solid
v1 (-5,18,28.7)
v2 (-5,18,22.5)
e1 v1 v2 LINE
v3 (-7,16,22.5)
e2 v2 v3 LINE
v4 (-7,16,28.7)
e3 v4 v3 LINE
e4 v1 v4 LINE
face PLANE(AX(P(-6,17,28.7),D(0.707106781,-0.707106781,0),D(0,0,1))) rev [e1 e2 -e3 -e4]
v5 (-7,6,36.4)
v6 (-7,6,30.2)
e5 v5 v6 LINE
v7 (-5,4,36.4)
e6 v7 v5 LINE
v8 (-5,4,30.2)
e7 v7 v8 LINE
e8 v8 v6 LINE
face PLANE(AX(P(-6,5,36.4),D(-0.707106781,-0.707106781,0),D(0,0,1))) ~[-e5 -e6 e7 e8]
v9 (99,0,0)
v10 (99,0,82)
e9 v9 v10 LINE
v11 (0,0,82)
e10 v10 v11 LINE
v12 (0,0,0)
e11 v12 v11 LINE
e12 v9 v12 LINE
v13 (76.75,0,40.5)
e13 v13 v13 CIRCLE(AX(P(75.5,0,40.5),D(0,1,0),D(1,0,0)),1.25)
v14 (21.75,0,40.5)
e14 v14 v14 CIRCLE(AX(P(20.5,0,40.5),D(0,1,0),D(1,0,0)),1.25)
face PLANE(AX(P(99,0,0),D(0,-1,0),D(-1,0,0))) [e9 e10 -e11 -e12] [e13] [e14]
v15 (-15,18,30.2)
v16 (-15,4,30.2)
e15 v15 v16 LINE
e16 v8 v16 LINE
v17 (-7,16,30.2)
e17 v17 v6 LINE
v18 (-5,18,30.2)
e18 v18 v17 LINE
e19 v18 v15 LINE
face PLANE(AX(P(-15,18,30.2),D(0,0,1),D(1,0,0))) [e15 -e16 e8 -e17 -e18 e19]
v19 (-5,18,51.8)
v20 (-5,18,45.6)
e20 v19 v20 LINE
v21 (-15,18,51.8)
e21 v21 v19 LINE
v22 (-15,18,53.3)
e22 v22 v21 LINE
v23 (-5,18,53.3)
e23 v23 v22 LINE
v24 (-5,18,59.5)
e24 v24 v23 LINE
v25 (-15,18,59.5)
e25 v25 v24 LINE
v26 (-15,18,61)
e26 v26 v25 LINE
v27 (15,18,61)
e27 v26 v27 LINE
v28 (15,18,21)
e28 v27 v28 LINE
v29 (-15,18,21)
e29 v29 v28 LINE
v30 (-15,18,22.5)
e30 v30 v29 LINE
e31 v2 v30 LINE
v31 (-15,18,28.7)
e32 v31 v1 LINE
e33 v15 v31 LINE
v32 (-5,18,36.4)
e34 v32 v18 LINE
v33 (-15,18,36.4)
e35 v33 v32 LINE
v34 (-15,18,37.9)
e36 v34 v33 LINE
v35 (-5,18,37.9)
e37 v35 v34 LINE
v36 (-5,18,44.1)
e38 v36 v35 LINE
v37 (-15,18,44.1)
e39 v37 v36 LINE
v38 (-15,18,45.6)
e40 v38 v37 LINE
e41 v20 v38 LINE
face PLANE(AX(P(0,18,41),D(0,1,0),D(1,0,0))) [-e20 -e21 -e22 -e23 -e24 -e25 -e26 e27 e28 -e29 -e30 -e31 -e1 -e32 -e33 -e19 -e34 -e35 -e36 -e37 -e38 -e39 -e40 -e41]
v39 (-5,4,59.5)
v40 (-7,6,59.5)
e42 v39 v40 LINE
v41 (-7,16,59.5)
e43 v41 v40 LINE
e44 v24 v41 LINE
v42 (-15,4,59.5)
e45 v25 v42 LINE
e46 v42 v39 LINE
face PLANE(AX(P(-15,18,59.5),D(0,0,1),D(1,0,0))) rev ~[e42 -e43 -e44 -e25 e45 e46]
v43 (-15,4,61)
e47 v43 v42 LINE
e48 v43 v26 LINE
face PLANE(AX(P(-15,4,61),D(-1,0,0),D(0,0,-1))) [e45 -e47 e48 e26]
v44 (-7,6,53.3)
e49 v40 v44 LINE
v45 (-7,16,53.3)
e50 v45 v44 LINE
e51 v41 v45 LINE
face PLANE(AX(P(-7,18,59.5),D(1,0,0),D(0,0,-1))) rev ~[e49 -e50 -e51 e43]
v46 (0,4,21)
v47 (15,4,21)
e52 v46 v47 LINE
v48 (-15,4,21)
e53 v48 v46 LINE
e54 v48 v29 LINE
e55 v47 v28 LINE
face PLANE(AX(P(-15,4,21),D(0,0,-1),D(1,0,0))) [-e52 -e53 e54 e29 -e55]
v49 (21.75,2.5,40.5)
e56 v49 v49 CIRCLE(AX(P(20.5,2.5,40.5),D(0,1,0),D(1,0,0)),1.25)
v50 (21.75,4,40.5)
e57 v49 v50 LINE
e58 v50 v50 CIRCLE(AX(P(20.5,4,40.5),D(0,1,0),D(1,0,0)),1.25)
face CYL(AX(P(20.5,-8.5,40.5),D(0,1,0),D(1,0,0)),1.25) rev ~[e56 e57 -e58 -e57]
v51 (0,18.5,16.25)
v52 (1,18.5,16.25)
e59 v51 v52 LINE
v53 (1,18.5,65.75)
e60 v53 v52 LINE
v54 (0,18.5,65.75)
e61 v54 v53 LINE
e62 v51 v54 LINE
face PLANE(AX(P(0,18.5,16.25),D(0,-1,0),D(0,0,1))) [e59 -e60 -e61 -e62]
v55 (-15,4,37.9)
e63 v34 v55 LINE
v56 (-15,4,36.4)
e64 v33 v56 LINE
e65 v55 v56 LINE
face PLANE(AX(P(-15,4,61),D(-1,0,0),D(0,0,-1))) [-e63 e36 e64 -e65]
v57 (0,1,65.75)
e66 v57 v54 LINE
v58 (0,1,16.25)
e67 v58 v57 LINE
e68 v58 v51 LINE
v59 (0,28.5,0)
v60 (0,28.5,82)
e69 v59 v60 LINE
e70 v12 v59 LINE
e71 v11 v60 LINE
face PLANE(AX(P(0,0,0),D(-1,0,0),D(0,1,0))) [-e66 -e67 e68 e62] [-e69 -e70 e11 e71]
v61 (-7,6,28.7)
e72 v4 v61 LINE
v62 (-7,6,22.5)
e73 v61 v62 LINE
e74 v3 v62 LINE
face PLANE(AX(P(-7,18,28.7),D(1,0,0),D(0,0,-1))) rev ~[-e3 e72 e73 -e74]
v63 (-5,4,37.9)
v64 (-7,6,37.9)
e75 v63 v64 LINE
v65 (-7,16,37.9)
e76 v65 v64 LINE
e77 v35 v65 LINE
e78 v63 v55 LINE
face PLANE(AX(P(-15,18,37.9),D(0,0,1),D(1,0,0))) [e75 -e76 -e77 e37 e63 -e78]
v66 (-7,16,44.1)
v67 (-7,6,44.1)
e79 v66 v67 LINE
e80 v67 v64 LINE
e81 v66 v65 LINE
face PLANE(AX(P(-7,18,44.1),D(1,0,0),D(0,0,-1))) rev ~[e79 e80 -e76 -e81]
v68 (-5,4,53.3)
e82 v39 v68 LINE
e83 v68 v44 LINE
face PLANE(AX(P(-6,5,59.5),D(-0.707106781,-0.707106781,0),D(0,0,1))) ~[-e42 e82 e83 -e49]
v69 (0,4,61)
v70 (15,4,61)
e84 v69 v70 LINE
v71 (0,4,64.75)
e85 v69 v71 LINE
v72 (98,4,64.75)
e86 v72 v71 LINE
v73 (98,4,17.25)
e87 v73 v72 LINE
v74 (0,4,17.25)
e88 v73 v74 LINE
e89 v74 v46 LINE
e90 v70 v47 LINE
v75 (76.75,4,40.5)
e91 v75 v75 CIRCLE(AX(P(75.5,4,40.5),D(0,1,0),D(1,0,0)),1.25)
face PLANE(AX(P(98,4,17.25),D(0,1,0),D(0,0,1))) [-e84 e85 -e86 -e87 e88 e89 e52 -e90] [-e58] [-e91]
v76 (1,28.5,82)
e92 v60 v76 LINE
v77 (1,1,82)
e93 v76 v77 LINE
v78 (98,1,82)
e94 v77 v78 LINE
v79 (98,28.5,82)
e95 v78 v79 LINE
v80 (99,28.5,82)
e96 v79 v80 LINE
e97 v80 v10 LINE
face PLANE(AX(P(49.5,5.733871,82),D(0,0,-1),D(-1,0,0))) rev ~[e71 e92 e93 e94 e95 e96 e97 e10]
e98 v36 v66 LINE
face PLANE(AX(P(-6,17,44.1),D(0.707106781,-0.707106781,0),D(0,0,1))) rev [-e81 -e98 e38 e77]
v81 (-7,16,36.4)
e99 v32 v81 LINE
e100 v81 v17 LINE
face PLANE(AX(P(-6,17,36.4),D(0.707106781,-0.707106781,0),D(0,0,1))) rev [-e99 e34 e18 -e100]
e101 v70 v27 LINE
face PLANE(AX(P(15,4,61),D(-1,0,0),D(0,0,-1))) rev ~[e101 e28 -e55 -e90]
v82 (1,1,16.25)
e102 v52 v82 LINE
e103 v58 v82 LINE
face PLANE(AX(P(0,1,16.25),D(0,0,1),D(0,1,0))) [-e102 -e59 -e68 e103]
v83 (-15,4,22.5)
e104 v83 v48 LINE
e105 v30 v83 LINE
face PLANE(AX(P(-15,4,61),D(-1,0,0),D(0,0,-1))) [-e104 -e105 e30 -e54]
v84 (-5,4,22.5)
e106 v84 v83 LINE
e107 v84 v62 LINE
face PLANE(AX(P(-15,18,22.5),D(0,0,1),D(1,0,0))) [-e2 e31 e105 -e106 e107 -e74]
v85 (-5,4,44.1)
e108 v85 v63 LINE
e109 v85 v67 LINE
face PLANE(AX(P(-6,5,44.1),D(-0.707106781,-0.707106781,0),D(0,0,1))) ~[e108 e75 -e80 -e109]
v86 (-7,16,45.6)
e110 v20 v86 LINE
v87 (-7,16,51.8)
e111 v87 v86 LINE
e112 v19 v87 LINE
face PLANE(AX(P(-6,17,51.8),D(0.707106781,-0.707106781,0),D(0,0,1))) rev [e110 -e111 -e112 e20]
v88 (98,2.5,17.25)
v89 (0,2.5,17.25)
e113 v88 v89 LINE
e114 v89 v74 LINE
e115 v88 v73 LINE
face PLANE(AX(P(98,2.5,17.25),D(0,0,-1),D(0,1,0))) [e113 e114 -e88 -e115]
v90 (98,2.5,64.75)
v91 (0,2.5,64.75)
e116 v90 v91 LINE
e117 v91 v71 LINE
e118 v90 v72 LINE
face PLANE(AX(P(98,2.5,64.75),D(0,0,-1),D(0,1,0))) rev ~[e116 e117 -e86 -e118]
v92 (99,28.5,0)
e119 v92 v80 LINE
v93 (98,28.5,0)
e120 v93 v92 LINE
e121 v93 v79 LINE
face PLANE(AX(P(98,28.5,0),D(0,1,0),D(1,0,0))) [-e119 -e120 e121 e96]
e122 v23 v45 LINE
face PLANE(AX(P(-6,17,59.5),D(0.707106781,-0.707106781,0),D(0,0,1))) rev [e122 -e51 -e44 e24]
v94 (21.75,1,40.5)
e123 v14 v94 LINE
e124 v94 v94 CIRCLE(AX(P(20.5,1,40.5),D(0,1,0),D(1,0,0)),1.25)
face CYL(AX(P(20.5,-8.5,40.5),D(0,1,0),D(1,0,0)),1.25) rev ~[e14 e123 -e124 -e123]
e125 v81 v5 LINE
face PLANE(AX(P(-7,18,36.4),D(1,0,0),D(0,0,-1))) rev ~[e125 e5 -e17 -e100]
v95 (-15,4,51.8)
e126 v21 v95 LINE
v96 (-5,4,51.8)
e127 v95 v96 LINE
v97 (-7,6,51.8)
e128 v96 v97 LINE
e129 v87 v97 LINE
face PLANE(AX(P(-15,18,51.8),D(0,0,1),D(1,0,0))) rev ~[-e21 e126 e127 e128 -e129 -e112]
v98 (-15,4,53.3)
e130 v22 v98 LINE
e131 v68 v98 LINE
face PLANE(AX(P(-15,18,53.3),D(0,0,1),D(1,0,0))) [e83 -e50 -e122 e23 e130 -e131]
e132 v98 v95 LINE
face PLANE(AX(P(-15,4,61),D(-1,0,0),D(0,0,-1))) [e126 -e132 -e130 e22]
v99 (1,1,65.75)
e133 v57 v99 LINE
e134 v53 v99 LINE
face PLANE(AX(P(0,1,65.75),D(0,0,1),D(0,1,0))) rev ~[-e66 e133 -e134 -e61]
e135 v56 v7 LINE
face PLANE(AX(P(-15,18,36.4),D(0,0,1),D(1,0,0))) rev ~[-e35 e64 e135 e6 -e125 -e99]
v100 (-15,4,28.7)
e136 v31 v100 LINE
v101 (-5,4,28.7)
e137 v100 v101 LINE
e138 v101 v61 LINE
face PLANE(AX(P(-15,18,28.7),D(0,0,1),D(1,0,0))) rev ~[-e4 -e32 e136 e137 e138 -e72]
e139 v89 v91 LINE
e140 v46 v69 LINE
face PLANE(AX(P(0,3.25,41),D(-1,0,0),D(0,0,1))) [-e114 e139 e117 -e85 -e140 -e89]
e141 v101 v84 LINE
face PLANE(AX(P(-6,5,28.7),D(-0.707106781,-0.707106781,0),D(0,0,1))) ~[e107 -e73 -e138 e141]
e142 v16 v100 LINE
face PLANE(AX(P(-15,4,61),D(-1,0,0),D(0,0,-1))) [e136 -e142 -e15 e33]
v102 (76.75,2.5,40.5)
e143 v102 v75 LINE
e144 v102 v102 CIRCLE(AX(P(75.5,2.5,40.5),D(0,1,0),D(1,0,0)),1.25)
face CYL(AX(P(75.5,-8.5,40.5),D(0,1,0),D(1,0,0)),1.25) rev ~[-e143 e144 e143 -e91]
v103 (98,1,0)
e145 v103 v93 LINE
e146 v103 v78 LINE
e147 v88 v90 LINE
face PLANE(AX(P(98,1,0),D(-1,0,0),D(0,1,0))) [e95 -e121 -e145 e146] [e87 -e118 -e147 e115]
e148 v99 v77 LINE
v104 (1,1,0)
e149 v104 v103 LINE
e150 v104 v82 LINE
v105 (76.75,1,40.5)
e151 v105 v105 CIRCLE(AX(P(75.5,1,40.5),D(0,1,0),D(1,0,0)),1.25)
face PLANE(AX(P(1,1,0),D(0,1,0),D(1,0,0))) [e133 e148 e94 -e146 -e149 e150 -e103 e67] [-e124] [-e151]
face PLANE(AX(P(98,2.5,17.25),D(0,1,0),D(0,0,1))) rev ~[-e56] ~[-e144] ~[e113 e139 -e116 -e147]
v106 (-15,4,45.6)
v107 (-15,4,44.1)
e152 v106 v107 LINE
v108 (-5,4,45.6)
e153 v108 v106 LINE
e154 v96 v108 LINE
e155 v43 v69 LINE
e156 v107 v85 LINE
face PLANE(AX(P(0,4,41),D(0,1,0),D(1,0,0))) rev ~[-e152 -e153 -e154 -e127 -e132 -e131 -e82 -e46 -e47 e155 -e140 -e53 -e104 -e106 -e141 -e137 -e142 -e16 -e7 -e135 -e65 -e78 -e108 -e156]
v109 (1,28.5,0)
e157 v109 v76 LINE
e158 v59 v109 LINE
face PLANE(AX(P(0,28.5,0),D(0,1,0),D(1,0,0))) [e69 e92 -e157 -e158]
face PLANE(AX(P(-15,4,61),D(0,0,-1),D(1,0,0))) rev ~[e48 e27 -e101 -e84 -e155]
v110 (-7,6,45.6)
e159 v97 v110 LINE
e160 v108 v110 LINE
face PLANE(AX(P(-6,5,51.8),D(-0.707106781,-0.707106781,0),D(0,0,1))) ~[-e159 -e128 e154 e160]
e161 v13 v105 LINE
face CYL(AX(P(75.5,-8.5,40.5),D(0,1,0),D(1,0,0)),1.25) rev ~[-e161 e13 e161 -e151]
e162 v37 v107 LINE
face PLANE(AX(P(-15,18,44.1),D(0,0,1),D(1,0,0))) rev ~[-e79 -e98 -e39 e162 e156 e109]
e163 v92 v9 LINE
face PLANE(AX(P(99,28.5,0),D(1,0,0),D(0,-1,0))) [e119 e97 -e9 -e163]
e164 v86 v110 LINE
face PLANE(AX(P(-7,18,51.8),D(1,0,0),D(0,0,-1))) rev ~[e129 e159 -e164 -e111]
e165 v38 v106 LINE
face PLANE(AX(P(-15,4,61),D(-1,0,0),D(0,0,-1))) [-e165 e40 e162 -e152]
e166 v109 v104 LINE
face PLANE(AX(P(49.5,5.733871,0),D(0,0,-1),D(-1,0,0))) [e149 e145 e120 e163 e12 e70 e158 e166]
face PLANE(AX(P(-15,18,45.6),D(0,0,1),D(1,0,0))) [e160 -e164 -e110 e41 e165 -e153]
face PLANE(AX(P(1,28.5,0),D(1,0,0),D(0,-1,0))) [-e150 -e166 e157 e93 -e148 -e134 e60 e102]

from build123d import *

# Parameters (mm, degrees)
EXTRUDE_1_DEPTH       = 82
SKETCH_2_W            = 49.5
SKETCH_2_H            = 17.5
CUT_EXTRUDE_1_DEPTH   = 10
SKETCH_3_W            = 47.5
SKETCH_3_H            = 1.5
EXTRUDE_2_DEPTH       = 98
SKETCH_4_W            = 30
SKETCH_4_H            = 40
EXTRUDE_3_DEPTH       = 14
SKETCH_5_W            = 8
SKETCH_5_H            = 6.2
CUT_EXTRUDE_2_DEPTH   = 24
CHAMFER_1_SIZE        = 2
HOLE_WIZARD_M31_D     = 2.5
HOLE_WIZARD_M31_DEPTH = 8.5
HOLE_WIZARD_M31_TIP   = 0.751075774


with BuildPart() as part:
    # Эскиз1 → Бобышка-Вытянуть1 (new body)
    with BuildSketch(Plane.XY):
        Polygon((1, 1), (98, 1), (98, 28.5), (99, 28.5), (99, 0), (0, 0), (0, 28.5), (1, 28.5), align=None)
    extrude(amount=EXTRUDE_1_DEPTH)

    # Эскиз2 → Вырез-Вытянуть1 (cut)
    with BuildSketch(Plane.ZY):
        with Locations((41, 9.75)):
            Rectangle(SKETCH_2_W, SKETCH_2_H)
    extrude(amount=-CUT_EXTRUDE_1_DEPTH, mode=Mode.SUBTRACT)

    # Эскиз3 → Бобышка-Вытянуть2 (add)
    with BuildSketch(Plane.ZY.offset(-98)):
        with Locations((41, 3.25)):
            Rectangle(SKETCH_3_W, SKETCH_3_H)
    extrude(amount=EXTRUDE_2_DEPTH)

    # Эскиз4 → Бобышка-Вытянуть3 (add)
    with BuildSketch(Plane(origin=(0, 4, 0), x_dir=(1, 0, 0), z_dir=(0, 1, 0))):
        with Locations((0, -41)):
            Rectangle(SKETCH_4_W, SKETCH_4_H)
    extrude(amount=EXTRUDE_3_DEPTH)

    # Эскиз5 → Вырез-Вытянуть2 (cut)
    with BuildSketch(Plane(origin=(0, 18, 0), x_dir=(1, 0, 0), z_dir=(0, 1, 0))):
        with Locations((-11, -25.6)):
            Rectangle(SKETCH_5_W, SKETCH_5_H)
        with Locations((-11, -56.4)):
            Rectangle(SKETCH_5_W, SKETCH_5_H)
        with Locations((-11, -33.3)):
            Rectangle(SKETCH_5_W, SKETCH_5_H)
        with Locations((-11, -41)):
            Rectangle(SKETCH_5_W, SKETCH_5_H)
        with Locations((-11, -48.7)):
            Rectangle(SKETCH_5_W, SKETCH_5_H)
    extrude(amount=-CUT_EXTRUDE_2_DEPTH, mode=Mode.SUBTRACT)

    # Фаска1
    chamfer_1_edges = [part.edges().sort_by_distance(p)[0] for p in [
        (-7, 4, 33.3),
        (-7, 18, 33.3),
        (-7, 4, 41),
        (-7, 18, 41),
        (-7, 4, 48.7),
        (-7, 18, 48.7),
        (-7, 4, 56.4),
        (-7, 18, 56.4),
        (-7, 4, 25.6),
        (-7, 18, 25.6),
    ]]
    chamfer(chamfer_1_edges, length=CHAMFER_1_SIZE)

    # Отверстие обработанное метчиком M31
    with Locations(Plane(origin=(0, 0, 0), x_dir=(-1, 0, 0), z_dir=(0, -1, 0))):
        with Locations((-20.5, -40.5), (-75.5, -40.5)):
            Hole(HOLE_WIZARD_M31_D / 2, depth=HOLE_WIZARD_M31_DEPTH)
            with Locations((0, 0, -(HOLE_WIZARD_M31_DEPTH + HOLE_WIZARD_M31_TIP / 2))):  # 118° drill point
                Cone(0, HOLE_WIZARD_M31_D / 2, HOLE_WIZARD_M31_TIP, mode=Mode.SUBTRACT)


solid = part.part
